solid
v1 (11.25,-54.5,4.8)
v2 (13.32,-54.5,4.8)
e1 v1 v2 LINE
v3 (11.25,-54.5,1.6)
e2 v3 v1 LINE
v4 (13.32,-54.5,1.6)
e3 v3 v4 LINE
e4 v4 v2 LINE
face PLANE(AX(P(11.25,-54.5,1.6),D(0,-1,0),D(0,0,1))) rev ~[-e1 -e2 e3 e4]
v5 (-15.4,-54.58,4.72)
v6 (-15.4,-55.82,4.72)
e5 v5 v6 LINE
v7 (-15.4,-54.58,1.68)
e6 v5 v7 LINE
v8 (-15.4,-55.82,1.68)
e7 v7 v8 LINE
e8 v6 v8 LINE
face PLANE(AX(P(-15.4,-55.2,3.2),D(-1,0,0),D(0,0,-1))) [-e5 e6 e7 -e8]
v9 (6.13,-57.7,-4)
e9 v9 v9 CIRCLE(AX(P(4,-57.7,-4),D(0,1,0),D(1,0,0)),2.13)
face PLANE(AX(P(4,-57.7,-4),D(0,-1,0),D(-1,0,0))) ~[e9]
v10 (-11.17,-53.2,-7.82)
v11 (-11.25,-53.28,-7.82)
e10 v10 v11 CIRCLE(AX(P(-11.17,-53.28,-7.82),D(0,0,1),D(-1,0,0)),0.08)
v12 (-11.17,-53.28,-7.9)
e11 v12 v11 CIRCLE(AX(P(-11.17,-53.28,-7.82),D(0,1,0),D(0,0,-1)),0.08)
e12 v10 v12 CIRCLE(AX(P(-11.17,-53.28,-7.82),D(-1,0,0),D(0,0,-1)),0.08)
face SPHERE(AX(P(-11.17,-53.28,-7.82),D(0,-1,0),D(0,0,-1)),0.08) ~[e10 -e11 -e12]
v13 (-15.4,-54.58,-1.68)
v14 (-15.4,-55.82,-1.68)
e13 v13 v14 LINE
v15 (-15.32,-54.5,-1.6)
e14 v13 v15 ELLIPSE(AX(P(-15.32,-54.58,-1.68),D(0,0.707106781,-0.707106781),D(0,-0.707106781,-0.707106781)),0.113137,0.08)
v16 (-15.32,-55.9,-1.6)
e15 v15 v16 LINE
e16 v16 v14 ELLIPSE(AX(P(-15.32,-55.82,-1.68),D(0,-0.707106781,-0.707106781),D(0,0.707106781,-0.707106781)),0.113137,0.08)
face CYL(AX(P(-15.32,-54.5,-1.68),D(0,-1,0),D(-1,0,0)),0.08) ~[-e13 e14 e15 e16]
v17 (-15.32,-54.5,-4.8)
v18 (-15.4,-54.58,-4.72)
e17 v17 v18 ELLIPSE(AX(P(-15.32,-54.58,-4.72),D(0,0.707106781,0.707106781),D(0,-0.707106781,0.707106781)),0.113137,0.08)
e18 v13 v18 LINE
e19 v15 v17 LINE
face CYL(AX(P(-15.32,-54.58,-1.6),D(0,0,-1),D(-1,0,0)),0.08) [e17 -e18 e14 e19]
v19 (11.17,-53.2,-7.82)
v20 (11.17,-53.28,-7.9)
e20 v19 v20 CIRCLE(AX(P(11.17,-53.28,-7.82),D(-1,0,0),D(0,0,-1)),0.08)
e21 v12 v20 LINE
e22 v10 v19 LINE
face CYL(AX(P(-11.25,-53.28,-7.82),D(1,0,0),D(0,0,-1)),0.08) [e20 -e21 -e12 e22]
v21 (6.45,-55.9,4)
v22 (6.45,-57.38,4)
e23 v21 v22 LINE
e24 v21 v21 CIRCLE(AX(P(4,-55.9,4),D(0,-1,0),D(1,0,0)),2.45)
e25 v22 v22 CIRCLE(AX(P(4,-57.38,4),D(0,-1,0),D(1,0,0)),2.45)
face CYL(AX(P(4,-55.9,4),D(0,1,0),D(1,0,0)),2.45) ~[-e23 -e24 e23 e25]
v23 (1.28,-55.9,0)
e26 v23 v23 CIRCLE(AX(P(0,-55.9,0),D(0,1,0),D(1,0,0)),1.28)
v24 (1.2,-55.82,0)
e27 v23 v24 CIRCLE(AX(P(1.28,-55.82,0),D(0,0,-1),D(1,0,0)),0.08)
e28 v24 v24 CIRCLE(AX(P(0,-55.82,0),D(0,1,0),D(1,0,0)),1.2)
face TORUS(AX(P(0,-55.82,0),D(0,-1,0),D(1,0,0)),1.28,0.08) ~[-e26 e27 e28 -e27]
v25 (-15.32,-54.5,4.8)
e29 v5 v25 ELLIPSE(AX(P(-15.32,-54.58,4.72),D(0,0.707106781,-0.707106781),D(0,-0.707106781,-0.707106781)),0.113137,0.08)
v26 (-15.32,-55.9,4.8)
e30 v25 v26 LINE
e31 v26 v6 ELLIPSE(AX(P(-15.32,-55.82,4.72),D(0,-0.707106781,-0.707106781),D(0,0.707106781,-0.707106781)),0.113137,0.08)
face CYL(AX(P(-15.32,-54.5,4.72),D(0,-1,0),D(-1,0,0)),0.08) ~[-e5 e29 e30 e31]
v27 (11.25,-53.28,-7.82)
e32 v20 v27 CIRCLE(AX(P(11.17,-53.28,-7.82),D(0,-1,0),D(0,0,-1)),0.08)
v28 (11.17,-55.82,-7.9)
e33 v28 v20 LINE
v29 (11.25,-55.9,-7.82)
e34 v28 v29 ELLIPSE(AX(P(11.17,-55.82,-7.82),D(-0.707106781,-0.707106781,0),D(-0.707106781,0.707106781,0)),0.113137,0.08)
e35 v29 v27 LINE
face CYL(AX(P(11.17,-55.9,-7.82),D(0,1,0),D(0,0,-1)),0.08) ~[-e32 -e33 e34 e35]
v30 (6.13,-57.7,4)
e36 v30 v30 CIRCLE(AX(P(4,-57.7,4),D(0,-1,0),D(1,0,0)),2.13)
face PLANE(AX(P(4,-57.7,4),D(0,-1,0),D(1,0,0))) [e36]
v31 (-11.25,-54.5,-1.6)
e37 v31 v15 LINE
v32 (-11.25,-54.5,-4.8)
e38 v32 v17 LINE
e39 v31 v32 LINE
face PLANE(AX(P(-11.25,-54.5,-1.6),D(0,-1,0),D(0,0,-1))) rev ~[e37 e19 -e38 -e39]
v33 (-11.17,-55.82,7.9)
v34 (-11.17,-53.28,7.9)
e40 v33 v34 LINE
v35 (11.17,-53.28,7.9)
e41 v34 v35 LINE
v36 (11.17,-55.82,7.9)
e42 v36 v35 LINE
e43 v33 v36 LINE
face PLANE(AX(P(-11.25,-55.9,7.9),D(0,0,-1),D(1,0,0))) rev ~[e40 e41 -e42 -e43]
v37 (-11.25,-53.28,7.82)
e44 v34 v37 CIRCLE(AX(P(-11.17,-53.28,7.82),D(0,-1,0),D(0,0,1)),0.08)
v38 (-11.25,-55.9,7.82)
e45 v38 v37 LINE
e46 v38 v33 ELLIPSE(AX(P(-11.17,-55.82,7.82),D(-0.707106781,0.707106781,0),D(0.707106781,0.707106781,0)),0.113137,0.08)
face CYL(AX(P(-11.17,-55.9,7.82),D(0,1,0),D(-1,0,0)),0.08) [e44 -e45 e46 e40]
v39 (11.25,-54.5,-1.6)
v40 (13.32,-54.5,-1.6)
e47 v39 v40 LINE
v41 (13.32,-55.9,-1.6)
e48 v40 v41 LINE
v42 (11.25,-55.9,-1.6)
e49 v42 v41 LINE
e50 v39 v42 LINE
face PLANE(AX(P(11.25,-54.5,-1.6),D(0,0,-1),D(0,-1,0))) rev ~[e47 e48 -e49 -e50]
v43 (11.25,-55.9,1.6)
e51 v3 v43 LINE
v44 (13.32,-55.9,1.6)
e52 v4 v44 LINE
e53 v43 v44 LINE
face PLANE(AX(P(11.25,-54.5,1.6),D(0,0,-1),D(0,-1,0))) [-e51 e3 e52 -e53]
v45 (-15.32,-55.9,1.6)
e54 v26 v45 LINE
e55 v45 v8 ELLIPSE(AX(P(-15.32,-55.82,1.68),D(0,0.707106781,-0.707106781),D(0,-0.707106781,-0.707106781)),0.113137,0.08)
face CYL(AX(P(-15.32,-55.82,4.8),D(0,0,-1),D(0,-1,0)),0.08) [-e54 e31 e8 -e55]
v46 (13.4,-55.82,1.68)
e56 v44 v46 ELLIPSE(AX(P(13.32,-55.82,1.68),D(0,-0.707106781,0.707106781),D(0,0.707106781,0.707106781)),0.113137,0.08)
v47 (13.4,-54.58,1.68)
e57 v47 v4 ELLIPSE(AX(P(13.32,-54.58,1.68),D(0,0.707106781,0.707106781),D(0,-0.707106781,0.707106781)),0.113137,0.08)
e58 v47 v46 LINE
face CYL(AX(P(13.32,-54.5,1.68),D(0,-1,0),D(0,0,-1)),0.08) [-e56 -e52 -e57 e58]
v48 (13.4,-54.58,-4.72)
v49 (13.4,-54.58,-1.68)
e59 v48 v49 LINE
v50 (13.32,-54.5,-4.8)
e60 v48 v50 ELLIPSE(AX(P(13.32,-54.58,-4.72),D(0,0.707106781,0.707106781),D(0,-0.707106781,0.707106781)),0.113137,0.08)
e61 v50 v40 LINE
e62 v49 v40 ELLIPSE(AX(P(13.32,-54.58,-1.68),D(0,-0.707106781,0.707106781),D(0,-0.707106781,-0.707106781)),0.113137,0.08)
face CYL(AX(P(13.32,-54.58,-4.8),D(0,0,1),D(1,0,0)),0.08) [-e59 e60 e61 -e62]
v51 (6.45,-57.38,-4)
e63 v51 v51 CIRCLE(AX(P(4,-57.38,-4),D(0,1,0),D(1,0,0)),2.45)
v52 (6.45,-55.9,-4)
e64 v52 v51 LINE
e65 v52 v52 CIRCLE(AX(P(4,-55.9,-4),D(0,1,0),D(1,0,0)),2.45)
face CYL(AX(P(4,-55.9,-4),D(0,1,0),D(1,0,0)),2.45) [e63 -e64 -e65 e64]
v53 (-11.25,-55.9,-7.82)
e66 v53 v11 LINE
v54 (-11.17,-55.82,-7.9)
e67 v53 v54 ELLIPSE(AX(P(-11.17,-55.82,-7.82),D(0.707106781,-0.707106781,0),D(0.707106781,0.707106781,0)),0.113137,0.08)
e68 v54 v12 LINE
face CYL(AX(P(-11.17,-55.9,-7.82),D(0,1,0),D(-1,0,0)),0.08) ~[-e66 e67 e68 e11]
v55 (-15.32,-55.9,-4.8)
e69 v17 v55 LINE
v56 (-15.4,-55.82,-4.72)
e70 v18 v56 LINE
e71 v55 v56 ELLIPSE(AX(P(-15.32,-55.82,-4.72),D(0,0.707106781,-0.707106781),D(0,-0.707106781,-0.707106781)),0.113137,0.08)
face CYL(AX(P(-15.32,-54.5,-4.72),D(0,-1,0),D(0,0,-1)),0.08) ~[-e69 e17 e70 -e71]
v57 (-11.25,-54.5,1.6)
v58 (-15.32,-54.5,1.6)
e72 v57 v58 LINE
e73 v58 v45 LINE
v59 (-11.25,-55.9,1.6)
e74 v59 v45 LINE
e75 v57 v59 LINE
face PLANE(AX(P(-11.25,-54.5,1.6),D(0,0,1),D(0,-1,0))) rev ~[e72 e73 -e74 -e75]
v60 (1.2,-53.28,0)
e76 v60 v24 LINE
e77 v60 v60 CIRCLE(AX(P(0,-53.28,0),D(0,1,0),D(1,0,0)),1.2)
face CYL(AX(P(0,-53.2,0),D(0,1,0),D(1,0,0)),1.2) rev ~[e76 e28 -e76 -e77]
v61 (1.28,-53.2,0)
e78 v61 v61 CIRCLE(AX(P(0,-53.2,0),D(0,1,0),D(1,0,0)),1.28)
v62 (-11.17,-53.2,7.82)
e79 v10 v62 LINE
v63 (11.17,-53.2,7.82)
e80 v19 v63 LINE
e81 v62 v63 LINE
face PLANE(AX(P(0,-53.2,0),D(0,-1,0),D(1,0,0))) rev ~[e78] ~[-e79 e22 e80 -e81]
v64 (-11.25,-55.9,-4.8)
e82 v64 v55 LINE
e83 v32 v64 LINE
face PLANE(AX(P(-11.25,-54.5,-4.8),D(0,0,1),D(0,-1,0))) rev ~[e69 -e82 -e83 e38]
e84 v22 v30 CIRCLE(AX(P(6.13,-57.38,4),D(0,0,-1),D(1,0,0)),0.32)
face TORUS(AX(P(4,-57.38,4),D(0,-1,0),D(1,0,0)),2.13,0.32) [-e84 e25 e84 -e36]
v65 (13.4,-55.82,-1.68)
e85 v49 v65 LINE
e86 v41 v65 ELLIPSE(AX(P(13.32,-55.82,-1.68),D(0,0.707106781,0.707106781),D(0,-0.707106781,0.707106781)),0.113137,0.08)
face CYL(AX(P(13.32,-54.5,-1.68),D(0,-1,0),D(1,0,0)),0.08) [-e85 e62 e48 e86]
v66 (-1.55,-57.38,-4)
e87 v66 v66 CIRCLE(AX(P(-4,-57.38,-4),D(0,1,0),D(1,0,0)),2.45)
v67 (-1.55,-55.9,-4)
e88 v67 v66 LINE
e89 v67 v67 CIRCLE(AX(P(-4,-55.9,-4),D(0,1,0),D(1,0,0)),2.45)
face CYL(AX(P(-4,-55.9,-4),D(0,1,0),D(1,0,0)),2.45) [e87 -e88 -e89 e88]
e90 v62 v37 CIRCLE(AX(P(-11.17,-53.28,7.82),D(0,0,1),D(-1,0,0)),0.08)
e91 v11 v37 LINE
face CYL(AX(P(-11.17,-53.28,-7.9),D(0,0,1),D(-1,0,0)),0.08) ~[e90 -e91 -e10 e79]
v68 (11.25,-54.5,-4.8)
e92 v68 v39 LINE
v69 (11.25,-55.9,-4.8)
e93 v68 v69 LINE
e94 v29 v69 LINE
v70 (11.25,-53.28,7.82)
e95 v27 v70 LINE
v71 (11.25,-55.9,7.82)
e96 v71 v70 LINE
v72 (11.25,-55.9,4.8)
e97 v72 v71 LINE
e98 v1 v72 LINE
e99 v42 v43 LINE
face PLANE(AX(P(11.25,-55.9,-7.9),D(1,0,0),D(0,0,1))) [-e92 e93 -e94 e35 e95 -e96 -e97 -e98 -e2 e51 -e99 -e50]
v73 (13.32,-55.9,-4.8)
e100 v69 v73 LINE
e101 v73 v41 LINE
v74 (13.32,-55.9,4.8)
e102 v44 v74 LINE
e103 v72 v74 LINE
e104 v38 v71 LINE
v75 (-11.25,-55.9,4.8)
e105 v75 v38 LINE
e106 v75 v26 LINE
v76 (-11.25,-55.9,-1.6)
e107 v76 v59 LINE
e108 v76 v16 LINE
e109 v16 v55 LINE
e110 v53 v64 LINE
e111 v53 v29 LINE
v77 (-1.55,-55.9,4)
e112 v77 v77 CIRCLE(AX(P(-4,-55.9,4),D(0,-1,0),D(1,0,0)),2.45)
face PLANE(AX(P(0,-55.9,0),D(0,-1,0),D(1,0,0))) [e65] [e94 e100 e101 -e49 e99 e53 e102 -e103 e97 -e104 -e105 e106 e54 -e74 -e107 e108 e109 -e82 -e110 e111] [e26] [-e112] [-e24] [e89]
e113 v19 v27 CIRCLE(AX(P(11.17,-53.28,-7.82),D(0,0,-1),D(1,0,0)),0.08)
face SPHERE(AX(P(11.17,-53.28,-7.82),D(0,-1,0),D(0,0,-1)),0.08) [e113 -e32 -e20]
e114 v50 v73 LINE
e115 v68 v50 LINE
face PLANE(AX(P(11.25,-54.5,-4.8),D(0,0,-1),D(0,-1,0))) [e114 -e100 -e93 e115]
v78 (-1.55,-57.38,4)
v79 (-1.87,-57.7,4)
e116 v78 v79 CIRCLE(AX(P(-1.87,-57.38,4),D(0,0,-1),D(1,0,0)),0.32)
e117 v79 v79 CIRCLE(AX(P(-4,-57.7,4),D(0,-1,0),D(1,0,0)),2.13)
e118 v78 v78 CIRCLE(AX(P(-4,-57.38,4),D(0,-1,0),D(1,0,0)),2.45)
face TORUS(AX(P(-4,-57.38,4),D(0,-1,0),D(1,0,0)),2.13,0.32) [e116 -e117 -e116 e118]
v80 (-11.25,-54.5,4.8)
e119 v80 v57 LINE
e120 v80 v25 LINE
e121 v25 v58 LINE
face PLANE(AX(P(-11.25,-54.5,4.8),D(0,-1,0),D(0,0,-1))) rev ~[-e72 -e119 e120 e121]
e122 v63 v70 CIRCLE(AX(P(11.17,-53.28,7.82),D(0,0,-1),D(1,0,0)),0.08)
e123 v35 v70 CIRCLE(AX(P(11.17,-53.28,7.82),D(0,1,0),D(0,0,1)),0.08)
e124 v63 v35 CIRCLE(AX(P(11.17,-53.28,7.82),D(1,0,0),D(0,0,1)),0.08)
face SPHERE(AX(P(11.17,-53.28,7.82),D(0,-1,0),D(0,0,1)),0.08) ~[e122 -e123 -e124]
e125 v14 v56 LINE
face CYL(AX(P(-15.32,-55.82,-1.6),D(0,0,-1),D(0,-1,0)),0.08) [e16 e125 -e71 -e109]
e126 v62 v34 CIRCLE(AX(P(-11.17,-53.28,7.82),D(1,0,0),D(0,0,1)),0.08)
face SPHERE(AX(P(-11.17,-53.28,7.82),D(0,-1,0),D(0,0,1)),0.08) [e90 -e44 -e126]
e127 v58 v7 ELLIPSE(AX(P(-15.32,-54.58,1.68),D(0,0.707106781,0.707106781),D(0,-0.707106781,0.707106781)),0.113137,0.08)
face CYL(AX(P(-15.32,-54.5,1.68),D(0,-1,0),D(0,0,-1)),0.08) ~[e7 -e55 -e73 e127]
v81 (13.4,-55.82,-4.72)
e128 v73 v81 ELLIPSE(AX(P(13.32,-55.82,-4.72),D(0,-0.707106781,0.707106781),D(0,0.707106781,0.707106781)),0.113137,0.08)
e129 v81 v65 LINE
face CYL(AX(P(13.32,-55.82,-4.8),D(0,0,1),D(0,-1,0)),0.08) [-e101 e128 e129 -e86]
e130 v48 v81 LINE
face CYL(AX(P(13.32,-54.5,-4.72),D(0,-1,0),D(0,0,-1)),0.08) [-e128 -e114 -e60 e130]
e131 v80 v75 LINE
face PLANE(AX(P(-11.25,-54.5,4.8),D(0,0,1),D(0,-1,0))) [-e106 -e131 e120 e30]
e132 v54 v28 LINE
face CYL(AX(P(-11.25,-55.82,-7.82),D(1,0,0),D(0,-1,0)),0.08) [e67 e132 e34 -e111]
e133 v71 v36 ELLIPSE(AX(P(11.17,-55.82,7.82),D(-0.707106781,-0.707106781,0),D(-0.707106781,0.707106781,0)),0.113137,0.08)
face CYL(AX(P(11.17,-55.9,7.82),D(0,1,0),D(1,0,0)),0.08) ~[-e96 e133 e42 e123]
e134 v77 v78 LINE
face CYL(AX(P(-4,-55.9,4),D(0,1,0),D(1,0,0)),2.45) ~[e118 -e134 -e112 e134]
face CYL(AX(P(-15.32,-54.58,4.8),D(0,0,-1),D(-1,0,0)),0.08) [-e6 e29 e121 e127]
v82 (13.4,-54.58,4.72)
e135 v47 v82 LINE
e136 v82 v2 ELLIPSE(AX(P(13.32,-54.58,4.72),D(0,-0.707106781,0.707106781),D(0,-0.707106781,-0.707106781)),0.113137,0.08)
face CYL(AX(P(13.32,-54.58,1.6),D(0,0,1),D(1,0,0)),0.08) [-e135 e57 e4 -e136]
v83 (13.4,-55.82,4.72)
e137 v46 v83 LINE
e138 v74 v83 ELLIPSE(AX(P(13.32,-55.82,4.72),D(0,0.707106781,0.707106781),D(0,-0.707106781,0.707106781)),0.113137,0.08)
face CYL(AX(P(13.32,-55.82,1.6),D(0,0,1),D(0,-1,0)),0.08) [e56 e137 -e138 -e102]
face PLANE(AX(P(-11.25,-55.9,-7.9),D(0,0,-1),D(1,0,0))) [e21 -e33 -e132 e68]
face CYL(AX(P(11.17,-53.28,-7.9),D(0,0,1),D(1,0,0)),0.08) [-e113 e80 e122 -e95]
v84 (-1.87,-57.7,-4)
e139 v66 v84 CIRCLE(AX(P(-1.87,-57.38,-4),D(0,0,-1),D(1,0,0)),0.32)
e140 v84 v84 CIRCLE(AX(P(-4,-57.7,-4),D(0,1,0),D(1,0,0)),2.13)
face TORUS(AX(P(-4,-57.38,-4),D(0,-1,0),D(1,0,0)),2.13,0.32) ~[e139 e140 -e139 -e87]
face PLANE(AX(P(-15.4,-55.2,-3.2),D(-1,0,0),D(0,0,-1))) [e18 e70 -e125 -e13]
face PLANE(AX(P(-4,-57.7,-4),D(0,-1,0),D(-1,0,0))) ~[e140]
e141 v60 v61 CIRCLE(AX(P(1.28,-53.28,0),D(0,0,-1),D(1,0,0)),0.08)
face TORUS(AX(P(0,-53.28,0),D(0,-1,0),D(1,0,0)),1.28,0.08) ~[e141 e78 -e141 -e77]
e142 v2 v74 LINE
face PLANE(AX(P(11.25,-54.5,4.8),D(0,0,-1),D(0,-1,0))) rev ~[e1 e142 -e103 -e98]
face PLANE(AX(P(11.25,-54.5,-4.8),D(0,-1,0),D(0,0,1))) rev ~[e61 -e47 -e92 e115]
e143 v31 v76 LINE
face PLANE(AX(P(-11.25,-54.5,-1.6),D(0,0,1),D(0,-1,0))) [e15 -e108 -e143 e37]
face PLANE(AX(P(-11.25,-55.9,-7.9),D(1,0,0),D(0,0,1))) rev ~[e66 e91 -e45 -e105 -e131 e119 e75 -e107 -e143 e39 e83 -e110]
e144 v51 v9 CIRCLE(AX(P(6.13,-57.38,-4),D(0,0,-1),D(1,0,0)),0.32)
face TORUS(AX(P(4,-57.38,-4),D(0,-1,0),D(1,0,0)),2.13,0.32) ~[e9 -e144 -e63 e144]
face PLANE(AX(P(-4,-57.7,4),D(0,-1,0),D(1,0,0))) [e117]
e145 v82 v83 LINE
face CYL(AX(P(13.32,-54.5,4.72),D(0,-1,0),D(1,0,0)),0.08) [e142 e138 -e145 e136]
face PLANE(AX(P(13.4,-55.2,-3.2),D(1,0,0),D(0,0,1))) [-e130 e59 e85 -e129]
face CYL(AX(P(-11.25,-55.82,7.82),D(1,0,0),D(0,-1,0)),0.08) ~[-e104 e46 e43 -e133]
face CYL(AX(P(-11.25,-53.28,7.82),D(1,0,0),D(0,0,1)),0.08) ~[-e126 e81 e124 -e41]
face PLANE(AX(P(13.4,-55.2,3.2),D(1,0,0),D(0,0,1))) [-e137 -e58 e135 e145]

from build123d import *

# Parameters (mm, degrees)
SKETCH009_W                     = 22.5
SKETCH009_H                     = 15.8
PAD007_DEPTH                    = 2.7
SKETCH010_W                     = 3.2
SKETCH010_H                     = 1.4
PAD008_DEPTH                    = 2.15
SKETCH011_W                     = 3.2
SKETCH011_H                     = 1.4
PAD009_DEPTH                    = 4.15
SKETCH012_R                     = 2.45
PAD010_DEPTH                    = 1.8
SKETCH012_LINEARPATTERN004_2_R  = 2.45
PAD010_LINEARPATTERN004_2_DEPTH = 1.8
FILLET004_R                     = 0.32
SKETCH013_R                     = 1.2
POCKET002_DEPTH                 = 5
FILLET006_R                     = 0.08


with BuildPart() as part:
    # Sketch009 → Pad007 (new body)
    with BuildSketch(Plane.XZ):
        Rectangle(SKETCH009_W, SKETCH009_H)
    extrude(amount=-PAD007_DEPTH)

    # Sketch010 (on Face2 of Pad007) → Pad008 (join)
    with BuildSketch(Plane(origin=(11.25, 0, 0), x_dir=(0, 0, 1), z_dir=(1, 0, 0))):
        with Locations((-3.2, -0.7)):
            Rectangle(SKETCH010_W, SKETCH010_H)
        with Locations((3.2, -0.7)):
            Rectangle(SKETCH010_W, SKETCH010_H)
    extrude(amount=PAD008_DEPTH)

    # Sketch011 (on Face2 of Pad008) → Pad009 (join)
    with BuildSketch(Plane(origin=(-11.25, 0, 0), x_dir=(0, 0, -1), z_dir=(-1, 0, 0))):
        with Locations((-3.2, -0.7)):
            Rectangle(SKETCH011_W, SKETCH011_H)
        with Locations((3.2, -0.7)):
            Rectangle(SKETCH011_W, SKETCH011_H)
    extrude(amount=PAD009_DEPTH)

    # Sketch012 (on Face4 of Pad009) → Pad010 (join)
    with BuildSketch(Plane.XZ):
        with Locations((4, 4)):
            Circle(SKETCH012_R)
    pad010 = extrude(amount=PAD010_DEPTH)

    # Sketch012 LinearPattern004 2 → Pad010 LinearPattern004 2 (add)
    with BuildSketch(Plane(origin=(-8, 0, 0), x_dir=(1, 0, 0), z_dir=(0, -1, 0))):
        with Locations((4, 4)):
            Circle(SKETCH012_LINEARPATTERN004_2_R)
    pad010_linearpattern004_2 = extrude(amount=PAD010_LINEARPATTERN004_2_DEPTH)

    # Mirrored002: Pad010, Pad010 LinearPattern004 2 across Sketch012 H_Axis
    add(pad010.mirror(Plane(origin=(0, 0, 0), x_dir=(0, -1, 0), z_dir=(0, 0, 1))))
    add(pad010_linearpattern004_2.mirror(Plane(origin=(0, 0, 0), x_dir=(0, -1, 0), z_dir=(0, 0, 1))))

    # Fillet004
    fillet004_edges = [part.edges().sort_by_distance(p)[0] for p in [
        (1.55, -1.8, 4),
        (-6.45, -1.8, 4),
        (-6.45, -1.8, -4),
        (1.55, -1.8, -4),
    ]]
    fillet(fillet004_edges, radius=FILLET004_R)

    # Sketch013 (on Face16 of Fillet004) → Pocket002 (cut)
    with BuildSketch(Plane(origin=(0, 2.7, 0), x_dir=(1, 0, 0), z_dir=(0, 1, 0))):
        Circle(SKETCH013_R)
    extrude(amount=-POCKET002_DEPTH, mode=Mode.SUBTRACT)

    # Fillet006
    fillet006_edges = [part.edges().sort_by_distance(p)[0] for p in [
        (11.25, 1.35, -7.9),
        (-11.25, 1.35, -7.9),
        (0, 0, -7.9),
        (0, 2.7, -7.9),
        (-11.25, 1.35, 7.9),
        (11.25, 1.35, 7.9),
        (0, 0, 7.9),
        (0, 2.7, 7.9),
        (-11.25, 2.7, 0),
        (11.25, 2.7, 0),
        (-1.2, 2.7, 0),
        (1.2, 1.35, 0),
        (-1.2, 0, 0),
        (13.4, 0, 3.2),
        (13.4, 0.7, 4.8),
        (13.4, 1.4, 3.2),
        (13.4, 0.7, 1.6),
        (13.4, 0, -3.2),
        (13.4, 0.7, -1.6),
        (13.4, 1.4, -3.2),
        (13.4, 0.7, -4.8),
        (-15.4, 0, -3.2),
        (-15.4, 0.7, -4.8),
        (-15.4, 1.4, -3.2),
        (-15.4, 0.7, -1.6),
        (-15.4, 0, 3.2),
        (-15.4, 0.7, 1.6),
        (-15.4, 1.4, 3.2),
        (-15.4, 0.7, 4.8),
    ]]
    fillet(fillet006_edges, radius=FILLET006_R)


with BuildPart() as part_1:
    # Body003 placement: moved
    add(part.part.moved(Location((0, -55.9, 0))))


solid = part_1.part
